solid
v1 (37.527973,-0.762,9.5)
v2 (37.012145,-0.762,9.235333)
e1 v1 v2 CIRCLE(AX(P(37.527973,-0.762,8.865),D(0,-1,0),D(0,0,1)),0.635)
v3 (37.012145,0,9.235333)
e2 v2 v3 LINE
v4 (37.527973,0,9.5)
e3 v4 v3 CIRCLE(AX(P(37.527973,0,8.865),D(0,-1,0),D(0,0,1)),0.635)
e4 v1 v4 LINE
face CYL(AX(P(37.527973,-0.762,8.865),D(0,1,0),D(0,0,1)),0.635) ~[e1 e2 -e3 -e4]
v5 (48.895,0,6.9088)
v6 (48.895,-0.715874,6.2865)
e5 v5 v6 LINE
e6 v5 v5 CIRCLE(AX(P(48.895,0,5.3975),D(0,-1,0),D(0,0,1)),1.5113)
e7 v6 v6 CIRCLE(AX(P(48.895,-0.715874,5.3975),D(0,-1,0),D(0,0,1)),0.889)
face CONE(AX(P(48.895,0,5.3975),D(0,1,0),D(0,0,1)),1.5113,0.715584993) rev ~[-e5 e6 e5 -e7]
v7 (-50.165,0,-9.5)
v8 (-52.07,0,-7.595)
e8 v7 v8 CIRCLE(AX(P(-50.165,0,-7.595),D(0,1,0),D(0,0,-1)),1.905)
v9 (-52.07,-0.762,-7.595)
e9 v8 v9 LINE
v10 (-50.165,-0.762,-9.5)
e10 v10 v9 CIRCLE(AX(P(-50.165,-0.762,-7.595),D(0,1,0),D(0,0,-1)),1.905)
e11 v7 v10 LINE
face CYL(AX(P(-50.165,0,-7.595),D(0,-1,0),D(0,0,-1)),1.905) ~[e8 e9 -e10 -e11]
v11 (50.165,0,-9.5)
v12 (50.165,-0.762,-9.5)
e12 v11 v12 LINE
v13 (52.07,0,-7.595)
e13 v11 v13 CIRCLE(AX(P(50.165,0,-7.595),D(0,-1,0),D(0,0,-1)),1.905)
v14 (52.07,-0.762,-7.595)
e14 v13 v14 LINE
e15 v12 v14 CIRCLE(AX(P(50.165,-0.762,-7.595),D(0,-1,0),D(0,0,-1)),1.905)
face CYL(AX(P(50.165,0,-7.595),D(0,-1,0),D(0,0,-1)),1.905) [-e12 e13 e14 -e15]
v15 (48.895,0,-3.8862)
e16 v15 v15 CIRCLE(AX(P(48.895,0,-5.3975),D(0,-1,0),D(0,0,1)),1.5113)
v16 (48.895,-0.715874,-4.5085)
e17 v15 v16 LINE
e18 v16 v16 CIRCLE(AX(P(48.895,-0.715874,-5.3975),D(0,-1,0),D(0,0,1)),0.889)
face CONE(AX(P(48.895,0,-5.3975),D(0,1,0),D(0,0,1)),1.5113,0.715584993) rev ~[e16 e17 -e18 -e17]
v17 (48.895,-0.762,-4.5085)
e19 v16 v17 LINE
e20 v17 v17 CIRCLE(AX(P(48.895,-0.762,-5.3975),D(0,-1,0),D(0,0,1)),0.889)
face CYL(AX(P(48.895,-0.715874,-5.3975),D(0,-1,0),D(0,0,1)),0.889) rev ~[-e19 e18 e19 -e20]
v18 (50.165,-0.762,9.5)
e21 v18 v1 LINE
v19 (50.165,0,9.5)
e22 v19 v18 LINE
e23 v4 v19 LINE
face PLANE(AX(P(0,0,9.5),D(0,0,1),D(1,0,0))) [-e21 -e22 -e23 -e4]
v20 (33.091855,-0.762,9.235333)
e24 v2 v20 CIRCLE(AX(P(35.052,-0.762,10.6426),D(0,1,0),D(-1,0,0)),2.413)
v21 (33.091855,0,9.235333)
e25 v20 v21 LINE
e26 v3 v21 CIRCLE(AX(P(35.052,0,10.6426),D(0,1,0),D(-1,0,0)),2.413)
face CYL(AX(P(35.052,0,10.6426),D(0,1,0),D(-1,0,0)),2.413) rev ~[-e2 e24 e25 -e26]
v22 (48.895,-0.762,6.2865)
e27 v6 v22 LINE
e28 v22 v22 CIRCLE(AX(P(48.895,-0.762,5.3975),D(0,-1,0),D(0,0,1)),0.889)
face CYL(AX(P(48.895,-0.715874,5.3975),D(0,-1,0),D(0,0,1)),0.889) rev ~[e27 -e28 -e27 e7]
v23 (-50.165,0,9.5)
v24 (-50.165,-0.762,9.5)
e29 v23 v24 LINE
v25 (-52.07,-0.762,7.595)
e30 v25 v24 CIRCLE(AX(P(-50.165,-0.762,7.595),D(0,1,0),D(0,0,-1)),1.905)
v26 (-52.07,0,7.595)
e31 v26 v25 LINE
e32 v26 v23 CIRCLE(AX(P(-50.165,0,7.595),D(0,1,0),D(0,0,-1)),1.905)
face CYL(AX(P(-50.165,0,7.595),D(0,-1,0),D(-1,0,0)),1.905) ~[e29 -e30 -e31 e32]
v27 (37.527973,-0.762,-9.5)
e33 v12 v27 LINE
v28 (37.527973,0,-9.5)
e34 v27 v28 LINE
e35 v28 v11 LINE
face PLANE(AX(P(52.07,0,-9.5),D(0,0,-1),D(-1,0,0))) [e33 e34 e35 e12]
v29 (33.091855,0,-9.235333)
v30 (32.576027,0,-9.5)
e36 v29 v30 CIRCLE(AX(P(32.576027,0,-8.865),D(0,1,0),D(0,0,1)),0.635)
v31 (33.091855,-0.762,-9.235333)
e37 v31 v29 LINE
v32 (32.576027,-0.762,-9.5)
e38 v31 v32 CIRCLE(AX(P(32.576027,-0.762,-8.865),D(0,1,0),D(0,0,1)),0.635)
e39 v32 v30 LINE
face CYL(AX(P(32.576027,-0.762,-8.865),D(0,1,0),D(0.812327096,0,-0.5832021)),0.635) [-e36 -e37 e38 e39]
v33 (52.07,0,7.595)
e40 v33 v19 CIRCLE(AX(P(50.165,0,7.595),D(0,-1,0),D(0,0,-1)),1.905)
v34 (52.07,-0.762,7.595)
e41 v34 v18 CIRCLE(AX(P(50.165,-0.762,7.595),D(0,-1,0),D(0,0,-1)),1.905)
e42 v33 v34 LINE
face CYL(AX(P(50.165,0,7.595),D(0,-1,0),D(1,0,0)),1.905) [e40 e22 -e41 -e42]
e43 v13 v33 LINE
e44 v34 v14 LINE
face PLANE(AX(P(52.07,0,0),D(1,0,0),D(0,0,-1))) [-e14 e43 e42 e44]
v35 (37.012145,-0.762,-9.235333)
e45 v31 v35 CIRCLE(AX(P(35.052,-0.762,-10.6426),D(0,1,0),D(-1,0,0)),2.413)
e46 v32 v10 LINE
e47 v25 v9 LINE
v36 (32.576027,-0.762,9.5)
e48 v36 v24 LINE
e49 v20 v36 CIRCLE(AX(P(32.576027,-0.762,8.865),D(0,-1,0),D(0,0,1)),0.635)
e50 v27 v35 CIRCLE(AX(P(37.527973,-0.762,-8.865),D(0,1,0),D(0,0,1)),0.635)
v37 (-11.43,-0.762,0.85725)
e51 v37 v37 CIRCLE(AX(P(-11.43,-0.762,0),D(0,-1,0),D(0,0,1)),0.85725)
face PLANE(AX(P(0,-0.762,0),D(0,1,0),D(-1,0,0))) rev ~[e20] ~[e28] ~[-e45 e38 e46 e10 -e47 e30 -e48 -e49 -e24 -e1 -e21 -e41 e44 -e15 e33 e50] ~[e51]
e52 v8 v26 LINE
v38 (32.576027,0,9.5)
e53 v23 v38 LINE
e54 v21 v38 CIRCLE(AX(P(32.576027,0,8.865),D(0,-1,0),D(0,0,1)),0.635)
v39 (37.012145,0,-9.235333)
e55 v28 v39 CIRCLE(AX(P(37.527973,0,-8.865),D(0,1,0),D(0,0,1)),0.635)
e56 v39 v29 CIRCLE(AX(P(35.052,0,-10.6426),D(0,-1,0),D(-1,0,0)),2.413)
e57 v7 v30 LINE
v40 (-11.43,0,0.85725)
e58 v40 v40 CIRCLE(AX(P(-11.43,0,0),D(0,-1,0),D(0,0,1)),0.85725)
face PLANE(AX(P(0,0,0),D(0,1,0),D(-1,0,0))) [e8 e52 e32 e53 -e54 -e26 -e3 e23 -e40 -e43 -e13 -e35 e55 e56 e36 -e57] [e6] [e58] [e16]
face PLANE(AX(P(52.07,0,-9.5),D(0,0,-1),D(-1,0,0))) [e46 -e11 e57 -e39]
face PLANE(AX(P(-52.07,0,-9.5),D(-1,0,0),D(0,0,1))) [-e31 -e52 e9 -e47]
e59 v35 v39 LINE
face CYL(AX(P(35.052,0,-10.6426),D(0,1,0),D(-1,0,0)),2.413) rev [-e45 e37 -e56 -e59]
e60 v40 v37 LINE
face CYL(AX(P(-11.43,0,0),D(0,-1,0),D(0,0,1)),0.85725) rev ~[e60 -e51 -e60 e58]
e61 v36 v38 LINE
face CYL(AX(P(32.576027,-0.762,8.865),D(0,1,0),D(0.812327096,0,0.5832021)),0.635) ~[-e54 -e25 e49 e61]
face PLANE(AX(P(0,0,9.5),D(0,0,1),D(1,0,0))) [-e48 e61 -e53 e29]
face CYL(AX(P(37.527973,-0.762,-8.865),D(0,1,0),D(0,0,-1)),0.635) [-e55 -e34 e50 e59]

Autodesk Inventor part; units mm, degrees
ref_plane "YZ Plane" through (0, 0, 0) normal (1, 0, 0) x (0, 1, 0)
ref_plane "XZ Plane" through (0, 0, 0) normal (0, 1, 0) x (-1, 0, 0)
ref_plane "XY Plane" through (0, 0, 0) normal (0, 0, 1) x (1, 0, 0)
sketch "Sketch1" plane through (0, 0, 0) normal (0, 1, 0) x (-1, 0, 0)
  line L0 (0, -13.3) -> (0, 13.3) projected
  line L1 (-72.898, 0) -> (72.898, 0) projected
  line L2 (-52.07, -9.5) -> (52.07, -9.5)
  line L3 (52.07, -9.5) -> (52.07, 9.5)
  line L4 (52.07, 9.5) -> (-52.07, 9.5)
  line L5 (-52.07, 9.5) -> (-52.07, -9.5)
  line L6 (-52.07, -9.5) -> (52.07, 9.5) construction
  line L7 (52.07, -9.5) -> (-52.07, 9.5) construction
  point P0 (0, 0)
  point P1 (11.43, 0)
  point P2 (-48.895, 5.3975)
  point P3 (-48.895, -5.3975)
  dimension "d0" = 19
  dimension "d1" = 104.14
  dimension "d2" = 40.64
  dimension "d13" = 10.795
  dimension "d14" = 5.3975
  dimension "d15" = 3.175
extrude "Extrusion1" add sketch "Sketch1" against normal blind 0.762
hole "Hole1" at (-11.43, 0, 0) direction (0, -1, 0) diameter 1.7145 end through all
fillet "Fillet1" radius 1.905 4 edges at (-52.07, -0.381, 9.5) (-52.07, -0.381, -9.5) (52.07, -0.381, 9.5) (52.07, -0.381, -9.5)
hole "Hole2" at (48.895, 0, 5.3975) at (48.895, 0, -5.3975) direction (0, -1, 0) diameter 1.778 end through all countersink diameter 3.0226 countersink angle 82 clearance for "Flat Head Machine Screw (82)" size "#0" standard "Ansi Unified Screw Threads"
sketch "Sketch3" plane through (0, 0, 0) normal (0, 1, 0) x (-1, 0, 0)
  line L0 (0, -2.6111) -> (0, 15.6667) projected
  line L1 (-44.958, 0) -> (7.493, 0) projected
  circle A0 centre (-35.052, 10.6426) radius 2.413
  point P0 (0, 0)
  dimension "d26" = 4.826
  dimension "d27" = 35.052
  dimension "d28" = 10.6426
extrude "Extrusion2" cut sketch "Sketch3" against normal through all
mirror "Mirror2" about plane through (0, 0, 0) normal (0, 0, 1) of "Extrusion2"
fillet "Fillet2" radius 0.635 4 edges at (32.9267, -0.381, -9.5) (37.1773, -0.381, -9.5) (37.1773, -0.381, 9.5) (32.9267, -0.381, 9.5)
equation "\"d14\" = 0.5 * d13"
properties part number "J010356" material "POLYCARBONATE, CLEAR"
